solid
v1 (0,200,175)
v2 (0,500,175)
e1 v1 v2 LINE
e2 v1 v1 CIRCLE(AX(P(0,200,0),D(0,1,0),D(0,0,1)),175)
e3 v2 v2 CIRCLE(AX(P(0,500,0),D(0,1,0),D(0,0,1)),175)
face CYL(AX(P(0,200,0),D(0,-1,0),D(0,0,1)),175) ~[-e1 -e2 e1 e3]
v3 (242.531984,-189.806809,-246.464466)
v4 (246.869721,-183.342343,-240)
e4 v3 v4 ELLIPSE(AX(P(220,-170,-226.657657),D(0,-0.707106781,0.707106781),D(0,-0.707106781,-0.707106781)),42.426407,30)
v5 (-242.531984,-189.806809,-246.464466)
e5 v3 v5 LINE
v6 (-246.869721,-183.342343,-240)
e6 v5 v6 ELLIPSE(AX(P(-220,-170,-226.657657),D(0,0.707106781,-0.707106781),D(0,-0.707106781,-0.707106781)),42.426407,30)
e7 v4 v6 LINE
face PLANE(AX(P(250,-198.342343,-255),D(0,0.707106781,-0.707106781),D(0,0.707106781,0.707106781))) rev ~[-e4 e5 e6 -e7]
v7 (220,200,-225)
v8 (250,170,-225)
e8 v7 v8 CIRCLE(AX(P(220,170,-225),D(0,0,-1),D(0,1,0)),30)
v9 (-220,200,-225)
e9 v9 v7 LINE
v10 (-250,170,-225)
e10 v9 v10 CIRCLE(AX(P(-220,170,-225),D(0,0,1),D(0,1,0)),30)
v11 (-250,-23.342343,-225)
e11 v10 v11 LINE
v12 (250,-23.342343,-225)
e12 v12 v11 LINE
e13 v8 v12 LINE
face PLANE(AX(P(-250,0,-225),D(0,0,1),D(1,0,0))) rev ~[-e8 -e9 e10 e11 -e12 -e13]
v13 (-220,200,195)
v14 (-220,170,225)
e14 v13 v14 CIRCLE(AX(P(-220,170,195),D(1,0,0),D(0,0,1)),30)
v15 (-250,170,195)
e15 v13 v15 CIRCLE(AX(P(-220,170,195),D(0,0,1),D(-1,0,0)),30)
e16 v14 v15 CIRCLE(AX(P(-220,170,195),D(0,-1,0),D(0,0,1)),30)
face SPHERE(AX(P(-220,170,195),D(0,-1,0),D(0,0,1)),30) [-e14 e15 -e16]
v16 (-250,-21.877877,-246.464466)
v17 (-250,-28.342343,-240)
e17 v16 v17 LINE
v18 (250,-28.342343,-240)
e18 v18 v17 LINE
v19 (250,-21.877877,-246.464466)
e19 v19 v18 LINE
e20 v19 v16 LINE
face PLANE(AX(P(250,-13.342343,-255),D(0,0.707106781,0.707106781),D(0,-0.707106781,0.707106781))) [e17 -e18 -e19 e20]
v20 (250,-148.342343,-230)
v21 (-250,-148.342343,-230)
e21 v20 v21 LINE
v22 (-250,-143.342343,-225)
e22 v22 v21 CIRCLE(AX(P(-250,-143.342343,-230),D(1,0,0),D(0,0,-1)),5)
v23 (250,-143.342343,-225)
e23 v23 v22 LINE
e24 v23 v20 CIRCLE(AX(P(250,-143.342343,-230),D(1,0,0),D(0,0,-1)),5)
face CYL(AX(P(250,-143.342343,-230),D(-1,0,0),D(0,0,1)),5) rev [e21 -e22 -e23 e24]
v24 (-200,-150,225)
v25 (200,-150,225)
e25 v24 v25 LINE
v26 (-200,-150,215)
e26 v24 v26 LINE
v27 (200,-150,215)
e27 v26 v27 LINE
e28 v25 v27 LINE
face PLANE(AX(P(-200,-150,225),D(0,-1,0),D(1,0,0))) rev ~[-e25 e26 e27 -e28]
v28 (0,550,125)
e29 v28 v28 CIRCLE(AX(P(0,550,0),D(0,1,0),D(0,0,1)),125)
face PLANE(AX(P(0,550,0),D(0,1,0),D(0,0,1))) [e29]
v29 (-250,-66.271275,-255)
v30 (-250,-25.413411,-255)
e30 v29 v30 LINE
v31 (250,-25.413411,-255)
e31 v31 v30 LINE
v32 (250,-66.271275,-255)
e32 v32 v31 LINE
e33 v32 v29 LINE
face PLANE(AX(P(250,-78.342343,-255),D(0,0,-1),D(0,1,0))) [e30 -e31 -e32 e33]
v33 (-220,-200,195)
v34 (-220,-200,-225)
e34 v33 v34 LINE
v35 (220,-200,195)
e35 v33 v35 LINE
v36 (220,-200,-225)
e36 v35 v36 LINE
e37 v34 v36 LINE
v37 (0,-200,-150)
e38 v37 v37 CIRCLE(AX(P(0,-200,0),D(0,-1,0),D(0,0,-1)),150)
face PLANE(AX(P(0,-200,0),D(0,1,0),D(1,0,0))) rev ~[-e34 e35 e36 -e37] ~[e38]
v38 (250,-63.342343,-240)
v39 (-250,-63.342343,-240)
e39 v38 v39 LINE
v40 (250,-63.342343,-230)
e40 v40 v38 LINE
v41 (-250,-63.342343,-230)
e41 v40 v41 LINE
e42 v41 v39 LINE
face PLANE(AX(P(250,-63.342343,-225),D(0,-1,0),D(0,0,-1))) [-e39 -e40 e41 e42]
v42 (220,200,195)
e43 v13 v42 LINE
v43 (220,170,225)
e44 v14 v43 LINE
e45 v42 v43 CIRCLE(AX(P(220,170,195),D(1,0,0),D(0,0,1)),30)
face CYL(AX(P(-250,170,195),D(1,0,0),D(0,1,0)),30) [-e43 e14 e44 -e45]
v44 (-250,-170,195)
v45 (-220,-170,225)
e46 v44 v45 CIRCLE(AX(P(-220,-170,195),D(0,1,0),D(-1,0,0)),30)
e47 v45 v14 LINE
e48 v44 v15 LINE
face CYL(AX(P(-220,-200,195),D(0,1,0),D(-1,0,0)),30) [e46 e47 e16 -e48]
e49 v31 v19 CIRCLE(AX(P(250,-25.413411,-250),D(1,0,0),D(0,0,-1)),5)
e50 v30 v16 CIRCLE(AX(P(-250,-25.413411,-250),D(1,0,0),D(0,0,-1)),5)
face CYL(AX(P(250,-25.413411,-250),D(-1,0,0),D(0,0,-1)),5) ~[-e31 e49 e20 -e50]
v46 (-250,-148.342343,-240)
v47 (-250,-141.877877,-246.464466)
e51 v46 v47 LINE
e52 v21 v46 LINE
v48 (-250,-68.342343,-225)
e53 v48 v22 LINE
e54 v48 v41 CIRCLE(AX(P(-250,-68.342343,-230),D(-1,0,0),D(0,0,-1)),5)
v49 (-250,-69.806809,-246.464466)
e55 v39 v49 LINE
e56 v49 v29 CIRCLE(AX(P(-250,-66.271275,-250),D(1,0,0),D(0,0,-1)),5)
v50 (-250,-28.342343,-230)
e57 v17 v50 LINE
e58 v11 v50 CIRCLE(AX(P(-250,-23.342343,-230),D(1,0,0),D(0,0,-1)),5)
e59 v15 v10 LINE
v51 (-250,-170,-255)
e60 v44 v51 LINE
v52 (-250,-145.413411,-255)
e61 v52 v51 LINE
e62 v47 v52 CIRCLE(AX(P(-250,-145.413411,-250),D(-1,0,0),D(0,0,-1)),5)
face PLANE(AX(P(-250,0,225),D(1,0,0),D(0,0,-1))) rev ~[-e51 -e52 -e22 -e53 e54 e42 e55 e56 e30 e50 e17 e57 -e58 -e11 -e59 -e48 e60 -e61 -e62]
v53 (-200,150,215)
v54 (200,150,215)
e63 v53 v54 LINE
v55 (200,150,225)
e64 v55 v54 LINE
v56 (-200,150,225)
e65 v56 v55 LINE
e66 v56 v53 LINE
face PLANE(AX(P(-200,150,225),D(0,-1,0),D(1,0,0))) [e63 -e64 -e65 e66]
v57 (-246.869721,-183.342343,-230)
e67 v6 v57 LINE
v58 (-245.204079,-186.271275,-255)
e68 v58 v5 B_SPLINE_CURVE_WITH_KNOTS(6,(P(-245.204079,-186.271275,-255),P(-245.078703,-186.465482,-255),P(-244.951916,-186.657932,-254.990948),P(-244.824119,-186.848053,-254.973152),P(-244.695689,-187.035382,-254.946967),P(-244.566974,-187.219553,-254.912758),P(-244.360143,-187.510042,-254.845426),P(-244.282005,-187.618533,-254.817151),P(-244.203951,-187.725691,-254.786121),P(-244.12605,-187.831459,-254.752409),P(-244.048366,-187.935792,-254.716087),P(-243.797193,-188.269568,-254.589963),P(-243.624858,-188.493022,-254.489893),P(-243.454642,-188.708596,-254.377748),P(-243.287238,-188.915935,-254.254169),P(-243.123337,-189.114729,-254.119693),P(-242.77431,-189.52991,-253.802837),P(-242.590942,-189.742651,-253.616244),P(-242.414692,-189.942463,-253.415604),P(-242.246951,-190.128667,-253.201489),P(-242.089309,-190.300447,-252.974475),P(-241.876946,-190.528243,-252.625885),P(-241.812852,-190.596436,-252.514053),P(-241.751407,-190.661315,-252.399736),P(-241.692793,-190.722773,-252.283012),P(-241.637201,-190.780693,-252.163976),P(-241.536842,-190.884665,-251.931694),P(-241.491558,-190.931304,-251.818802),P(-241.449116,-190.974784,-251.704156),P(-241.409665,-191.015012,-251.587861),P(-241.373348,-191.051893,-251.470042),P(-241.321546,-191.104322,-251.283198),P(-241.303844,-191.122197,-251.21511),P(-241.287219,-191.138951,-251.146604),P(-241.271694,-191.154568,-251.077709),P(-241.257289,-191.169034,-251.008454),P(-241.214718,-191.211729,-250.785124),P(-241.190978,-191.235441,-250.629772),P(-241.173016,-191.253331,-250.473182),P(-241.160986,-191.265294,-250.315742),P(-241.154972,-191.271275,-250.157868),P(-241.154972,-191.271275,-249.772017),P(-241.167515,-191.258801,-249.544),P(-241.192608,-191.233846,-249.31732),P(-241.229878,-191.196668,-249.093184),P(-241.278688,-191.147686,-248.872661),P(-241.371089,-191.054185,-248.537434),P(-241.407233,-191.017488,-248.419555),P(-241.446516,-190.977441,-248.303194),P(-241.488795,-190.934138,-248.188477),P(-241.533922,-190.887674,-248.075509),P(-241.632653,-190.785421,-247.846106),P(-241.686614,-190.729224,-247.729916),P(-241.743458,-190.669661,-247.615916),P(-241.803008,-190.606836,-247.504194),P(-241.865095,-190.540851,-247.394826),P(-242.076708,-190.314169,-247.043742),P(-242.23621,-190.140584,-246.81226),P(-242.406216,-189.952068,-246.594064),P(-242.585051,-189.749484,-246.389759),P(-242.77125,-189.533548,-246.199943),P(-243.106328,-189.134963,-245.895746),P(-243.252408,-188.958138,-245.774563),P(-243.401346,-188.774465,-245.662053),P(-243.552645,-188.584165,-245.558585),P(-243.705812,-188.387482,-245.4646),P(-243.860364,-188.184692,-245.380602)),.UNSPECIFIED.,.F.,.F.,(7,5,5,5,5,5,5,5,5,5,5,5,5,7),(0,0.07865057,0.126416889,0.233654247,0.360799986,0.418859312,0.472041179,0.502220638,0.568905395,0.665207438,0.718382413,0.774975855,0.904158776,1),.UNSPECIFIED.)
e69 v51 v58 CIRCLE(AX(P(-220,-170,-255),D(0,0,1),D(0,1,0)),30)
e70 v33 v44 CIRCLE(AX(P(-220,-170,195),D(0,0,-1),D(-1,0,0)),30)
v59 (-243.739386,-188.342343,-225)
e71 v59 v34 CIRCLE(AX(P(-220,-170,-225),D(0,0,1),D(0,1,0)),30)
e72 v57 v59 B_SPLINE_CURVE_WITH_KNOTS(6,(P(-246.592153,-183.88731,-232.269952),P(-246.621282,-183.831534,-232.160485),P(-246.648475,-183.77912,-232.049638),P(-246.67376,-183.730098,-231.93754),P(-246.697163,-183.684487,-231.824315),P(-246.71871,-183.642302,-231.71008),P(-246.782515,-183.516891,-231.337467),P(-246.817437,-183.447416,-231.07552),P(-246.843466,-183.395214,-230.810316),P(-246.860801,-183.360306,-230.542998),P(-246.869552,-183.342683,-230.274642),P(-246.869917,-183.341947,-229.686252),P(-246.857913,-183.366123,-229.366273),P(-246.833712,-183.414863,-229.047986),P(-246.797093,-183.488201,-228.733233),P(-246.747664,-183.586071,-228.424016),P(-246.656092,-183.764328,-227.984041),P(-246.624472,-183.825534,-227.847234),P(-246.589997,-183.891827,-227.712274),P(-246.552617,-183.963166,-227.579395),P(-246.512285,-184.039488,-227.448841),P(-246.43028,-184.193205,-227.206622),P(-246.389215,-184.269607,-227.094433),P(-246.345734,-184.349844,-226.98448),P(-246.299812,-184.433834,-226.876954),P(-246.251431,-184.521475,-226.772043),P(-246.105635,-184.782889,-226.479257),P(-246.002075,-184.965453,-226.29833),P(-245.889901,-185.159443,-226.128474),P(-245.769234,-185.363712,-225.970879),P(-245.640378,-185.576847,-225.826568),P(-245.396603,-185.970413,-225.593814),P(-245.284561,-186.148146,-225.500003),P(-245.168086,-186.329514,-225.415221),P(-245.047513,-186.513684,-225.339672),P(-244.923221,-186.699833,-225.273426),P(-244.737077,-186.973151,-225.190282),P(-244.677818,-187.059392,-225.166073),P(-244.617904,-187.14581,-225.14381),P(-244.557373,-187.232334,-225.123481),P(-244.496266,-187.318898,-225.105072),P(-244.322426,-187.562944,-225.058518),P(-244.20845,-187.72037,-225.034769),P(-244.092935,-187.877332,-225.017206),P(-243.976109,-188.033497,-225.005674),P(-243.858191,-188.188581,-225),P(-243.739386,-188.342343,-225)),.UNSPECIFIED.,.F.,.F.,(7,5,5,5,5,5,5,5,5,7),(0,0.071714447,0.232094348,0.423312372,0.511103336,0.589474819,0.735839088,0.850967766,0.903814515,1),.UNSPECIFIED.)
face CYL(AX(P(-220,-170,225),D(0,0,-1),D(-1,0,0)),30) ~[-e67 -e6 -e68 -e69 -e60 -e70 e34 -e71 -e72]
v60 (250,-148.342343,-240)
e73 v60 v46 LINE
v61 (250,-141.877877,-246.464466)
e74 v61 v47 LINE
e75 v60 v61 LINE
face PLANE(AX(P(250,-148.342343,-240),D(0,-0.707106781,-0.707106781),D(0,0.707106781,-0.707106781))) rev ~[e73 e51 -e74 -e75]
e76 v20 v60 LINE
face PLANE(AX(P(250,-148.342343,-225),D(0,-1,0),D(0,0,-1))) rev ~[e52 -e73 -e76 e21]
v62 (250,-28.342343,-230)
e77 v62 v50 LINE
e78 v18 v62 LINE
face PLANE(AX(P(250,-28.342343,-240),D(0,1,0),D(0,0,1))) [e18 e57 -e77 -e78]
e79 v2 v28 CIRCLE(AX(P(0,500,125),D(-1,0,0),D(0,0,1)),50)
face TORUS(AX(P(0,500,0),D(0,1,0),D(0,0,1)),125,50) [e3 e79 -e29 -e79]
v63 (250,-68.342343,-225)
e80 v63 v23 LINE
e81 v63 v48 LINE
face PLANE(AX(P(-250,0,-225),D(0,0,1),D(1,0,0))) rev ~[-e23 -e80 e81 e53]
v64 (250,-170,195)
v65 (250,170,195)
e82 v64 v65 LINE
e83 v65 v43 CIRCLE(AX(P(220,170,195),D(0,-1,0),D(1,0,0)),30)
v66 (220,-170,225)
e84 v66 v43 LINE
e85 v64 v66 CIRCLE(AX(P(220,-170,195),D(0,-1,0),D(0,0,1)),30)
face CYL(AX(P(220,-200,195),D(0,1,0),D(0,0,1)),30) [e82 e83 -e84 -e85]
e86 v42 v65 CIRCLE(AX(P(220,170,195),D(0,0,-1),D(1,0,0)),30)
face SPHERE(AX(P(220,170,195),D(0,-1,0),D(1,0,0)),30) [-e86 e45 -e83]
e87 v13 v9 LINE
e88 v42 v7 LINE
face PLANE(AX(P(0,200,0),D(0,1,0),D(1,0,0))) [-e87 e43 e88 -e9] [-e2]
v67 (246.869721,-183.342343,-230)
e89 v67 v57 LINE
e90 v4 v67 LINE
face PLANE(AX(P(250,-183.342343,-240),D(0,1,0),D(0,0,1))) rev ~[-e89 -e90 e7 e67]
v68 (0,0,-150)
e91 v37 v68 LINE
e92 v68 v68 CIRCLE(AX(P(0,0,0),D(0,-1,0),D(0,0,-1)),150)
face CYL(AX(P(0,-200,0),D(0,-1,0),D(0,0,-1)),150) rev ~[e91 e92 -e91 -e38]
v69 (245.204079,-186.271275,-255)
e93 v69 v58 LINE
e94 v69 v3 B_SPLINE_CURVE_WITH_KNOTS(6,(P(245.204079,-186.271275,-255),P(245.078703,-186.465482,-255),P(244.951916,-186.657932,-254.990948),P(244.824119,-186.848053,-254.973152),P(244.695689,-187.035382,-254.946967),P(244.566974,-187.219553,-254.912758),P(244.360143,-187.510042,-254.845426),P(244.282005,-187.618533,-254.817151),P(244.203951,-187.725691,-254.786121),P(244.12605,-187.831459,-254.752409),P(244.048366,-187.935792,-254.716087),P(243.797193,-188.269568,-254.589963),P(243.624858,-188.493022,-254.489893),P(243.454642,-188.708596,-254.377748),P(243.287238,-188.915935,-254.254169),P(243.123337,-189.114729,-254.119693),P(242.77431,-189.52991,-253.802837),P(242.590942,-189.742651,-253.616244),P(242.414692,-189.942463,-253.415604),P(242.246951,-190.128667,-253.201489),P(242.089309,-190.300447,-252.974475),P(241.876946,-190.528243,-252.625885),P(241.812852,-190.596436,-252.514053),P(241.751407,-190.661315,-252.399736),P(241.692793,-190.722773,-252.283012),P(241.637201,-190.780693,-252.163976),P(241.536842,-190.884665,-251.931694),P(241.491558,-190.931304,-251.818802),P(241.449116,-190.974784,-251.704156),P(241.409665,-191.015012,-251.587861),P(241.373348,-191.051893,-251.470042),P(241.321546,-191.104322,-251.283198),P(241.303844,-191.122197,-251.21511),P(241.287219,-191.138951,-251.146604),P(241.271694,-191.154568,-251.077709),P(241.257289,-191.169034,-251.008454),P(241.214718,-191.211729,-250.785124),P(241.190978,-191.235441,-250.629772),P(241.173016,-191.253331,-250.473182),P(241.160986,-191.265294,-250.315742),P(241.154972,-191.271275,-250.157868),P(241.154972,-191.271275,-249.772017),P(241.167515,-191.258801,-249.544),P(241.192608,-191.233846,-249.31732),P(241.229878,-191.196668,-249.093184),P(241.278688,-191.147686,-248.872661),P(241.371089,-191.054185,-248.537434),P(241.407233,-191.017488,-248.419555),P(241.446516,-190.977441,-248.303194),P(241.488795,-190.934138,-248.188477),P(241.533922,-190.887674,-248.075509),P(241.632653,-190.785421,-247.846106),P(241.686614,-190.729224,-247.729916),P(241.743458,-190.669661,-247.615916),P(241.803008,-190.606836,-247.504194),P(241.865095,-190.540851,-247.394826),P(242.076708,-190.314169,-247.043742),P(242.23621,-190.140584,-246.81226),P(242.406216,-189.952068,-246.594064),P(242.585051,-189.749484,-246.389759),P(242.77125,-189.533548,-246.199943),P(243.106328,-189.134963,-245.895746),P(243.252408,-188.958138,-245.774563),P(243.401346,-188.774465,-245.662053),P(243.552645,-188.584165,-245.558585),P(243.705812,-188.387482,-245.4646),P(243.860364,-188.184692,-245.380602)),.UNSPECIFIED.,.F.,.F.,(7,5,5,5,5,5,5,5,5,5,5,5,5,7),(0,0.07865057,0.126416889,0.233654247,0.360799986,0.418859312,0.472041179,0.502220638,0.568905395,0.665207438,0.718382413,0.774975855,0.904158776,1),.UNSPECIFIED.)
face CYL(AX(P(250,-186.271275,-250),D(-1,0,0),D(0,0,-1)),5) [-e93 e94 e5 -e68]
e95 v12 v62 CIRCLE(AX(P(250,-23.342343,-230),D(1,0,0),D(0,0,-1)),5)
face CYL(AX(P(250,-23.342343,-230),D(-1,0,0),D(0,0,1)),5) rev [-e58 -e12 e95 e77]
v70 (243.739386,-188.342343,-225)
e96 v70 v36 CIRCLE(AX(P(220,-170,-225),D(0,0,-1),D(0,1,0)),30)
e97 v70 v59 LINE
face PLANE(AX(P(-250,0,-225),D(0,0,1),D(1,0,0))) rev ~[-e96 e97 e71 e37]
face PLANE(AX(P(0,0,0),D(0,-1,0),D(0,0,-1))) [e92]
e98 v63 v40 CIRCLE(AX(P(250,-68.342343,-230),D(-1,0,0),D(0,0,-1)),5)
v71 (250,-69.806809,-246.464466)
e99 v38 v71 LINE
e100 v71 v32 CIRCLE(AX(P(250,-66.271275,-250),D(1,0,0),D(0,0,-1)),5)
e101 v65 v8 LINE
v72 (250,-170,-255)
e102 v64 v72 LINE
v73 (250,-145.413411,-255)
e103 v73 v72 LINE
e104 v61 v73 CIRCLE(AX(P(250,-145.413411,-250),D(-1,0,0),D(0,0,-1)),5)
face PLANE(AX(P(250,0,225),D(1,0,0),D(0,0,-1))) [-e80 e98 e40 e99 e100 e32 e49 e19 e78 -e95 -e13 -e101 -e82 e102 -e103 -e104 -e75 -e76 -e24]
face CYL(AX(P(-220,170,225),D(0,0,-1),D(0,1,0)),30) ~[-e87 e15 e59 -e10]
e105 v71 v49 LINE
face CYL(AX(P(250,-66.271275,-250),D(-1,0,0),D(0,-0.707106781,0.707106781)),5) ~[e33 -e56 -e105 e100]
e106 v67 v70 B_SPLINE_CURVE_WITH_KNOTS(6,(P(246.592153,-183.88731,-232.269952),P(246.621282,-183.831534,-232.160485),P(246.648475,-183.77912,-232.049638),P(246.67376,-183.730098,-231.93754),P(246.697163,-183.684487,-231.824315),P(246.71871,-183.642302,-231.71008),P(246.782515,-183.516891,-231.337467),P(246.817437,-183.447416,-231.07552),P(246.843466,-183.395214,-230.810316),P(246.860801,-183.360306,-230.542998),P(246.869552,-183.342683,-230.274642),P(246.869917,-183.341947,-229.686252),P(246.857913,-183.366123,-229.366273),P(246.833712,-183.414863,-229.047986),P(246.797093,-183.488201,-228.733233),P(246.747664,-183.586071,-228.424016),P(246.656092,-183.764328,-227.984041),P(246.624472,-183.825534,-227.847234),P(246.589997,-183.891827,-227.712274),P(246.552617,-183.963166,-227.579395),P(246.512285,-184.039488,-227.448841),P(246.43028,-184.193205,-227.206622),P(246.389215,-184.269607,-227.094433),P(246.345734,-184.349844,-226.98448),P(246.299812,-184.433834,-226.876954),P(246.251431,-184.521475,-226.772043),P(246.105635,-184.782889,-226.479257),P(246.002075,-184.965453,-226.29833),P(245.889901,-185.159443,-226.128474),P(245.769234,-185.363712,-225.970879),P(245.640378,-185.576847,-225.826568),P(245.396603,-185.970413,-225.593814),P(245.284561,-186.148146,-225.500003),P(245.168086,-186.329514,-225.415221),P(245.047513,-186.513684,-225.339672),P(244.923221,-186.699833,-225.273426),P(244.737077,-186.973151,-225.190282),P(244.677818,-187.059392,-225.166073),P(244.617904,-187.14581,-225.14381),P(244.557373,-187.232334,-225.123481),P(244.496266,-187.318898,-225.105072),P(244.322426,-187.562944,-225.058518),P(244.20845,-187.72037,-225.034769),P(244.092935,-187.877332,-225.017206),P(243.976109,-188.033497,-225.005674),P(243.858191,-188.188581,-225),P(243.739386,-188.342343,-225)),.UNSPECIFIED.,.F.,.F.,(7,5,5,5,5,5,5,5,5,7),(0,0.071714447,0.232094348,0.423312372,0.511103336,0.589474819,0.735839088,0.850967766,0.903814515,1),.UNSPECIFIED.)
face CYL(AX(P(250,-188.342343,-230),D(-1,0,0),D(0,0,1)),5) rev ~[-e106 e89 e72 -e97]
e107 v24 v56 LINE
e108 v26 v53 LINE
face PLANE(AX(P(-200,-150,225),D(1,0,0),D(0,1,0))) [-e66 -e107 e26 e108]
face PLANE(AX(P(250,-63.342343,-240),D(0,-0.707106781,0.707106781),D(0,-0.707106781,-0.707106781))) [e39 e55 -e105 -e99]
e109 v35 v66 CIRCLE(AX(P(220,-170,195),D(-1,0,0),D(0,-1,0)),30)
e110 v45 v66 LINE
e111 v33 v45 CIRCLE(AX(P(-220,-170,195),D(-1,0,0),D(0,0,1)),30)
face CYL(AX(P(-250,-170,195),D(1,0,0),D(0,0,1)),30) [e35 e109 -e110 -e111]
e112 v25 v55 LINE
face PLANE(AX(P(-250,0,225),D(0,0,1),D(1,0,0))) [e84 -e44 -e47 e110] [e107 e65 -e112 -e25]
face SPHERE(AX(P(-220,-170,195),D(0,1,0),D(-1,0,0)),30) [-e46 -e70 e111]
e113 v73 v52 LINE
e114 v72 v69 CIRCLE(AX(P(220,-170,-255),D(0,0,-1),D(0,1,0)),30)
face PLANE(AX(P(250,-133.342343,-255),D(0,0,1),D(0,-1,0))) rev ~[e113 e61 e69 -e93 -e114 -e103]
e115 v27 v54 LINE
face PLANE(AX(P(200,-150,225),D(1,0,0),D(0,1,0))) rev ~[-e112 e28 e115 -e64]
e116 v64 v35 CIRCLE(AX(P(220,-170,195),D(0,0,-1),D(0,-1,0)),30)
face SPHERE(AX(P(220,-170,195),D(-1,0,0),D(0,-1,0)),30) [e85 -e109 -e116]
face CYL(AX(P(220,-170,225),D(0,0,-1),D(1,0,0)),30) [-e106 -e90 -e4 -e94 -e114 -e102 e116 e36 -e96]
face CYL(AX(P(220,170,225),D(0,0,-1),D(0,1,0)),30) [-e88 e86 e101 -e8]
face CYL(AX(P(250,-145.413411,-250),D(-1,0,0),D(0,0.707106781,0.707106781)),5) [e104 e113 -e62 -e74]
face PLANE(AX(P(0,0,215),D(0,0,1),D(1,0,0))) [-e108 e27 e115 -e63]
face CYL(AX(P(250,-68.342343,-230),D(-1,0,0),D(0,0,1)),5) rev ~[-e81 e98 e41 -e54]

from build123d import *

# Parameters (mm, degrees)
SKETCH1_W           = 500
SKETCH1_H           = 450
BOSS_EXTRUDE1_DEPTH = 200
BOSS_EXTRUDE2_DEPTH = 500
FILLET1_R           = 5
SKETCH3_R           = 150
CUT_EXTRUDE1_DEPTH  = 200
SKETCH4_R           = 175
BOSS_EXTRUDE3_DEPTH = 350
FILLET2_R           = 50
FILLET3_R           = 30
SKETCH5_W           = 400
SKETCH5_H           = 300
CUT_EXTRUDE2_DEPTH  = 10


with BuildPart() as part:
    # Sketch1 → Boss-Extrude1 (new, symmetric)
    with BuildSketch(Plane(origin=(0, 0, 0), x_dir=(1, 0, 0), z_dir=(0, 1, 0))):
        Rectangle(SKETCH1_W, SKETCH1_H)
    extrude(amount=BOSS_EXTRUDE1_DEPTH, both=True)

    # Sketch2 → Boss-Extrude2 (add)
    with BuildSketch(Plane(origin=(250, 0, 0), x_dir=(0, 0, -1), z_dir=(1, 0, 0))):
        Polygon((240, -63.342343109), (255, -78.342343109), (255, -13.342343109), (240, -28.342343109), (225, -28.342343109), (225, -63.342343109), align=None)
        Polygon((225, -183.342343109), (225, -148.342343109), (240, -148.342343109), (255, -133.342343109), (255, -198.342343109), (240, -183.342343109), align=None)
    extrude(amount=-BOSS_EXTRUDE2_DEPTH)

    # Fillet1
    fillet1_edges = [part.edges().sort_by_distance(p)[0] for p in [
        (0, -183.342343109, -225),
        (0, -148.342343109, -225),
        (0, -133.342343109, -255),
        (0, -198.342343109, -255),
        (0, -63.342343109, -225),
        (0, -28.342343109, -225),
        (0, -13.342343109, -255),
        (0, -78.342343109, -255),
    ]]
    fillet(fillet1_edges, radius=FILLET1_R)

    # Sketch3 → Cut-Extrude1 (cut)
    with BuildSketch(Plane.XZ.offset(200)):
        with Locations(Location((0, 0, 0), (0, 0, 270))):
            Circle(SKETCH3_R)
    extrude(amount=-CUT_EXTRUDE1_DEPTH, mode=Mode.SUBTRACT)

    # Sketch4 → Boss-Extrude3 (add)
    with BuildSketch(Plane(origin=(0, 200, 0), x_dir=(1, 0, 0), z_dir=(0, 1, 0))):
        with Locations(Location((0, 0, 0), (0, 0, 270))):
            Circle(SKETCH4_R)
    extrude(amount=BOSS_EXTRUDE3_DEPTH)

    # Fillet2
    fillet2_edges = [part.edges().sort_by_distance(p)[0] for p in [
        (0, 550, -175),
    ]]
    fillet(fillet2_edges, radius=FILLET2_R)

    # Fillet3
    fillet3_edges = [part.edges().sort_by_distance(p)[0] for p in [
        (-250, 0, 225),
        (-250, -200, 0),
        (0, -200, 225),
        (250, -200, 0),
        (250, 0, 225),
        (250, 200, 0),
        (0, 200, 225),
        (-250, 200, 0),
    ]]
    fillet(fillet3_edges, radius=FILLET3_R)

    # Sketch5 → Cut-Extrude2 (cut)
    with BuildSketch(Plane.XY.offset(225)):
        Rectangle(SKETCH5_W, SKETCH5_H)
    extrude(amount=-CUT_EXTRUDE2_DEPTH, mode=Mode.SUBTRACT)


solid = part.part
